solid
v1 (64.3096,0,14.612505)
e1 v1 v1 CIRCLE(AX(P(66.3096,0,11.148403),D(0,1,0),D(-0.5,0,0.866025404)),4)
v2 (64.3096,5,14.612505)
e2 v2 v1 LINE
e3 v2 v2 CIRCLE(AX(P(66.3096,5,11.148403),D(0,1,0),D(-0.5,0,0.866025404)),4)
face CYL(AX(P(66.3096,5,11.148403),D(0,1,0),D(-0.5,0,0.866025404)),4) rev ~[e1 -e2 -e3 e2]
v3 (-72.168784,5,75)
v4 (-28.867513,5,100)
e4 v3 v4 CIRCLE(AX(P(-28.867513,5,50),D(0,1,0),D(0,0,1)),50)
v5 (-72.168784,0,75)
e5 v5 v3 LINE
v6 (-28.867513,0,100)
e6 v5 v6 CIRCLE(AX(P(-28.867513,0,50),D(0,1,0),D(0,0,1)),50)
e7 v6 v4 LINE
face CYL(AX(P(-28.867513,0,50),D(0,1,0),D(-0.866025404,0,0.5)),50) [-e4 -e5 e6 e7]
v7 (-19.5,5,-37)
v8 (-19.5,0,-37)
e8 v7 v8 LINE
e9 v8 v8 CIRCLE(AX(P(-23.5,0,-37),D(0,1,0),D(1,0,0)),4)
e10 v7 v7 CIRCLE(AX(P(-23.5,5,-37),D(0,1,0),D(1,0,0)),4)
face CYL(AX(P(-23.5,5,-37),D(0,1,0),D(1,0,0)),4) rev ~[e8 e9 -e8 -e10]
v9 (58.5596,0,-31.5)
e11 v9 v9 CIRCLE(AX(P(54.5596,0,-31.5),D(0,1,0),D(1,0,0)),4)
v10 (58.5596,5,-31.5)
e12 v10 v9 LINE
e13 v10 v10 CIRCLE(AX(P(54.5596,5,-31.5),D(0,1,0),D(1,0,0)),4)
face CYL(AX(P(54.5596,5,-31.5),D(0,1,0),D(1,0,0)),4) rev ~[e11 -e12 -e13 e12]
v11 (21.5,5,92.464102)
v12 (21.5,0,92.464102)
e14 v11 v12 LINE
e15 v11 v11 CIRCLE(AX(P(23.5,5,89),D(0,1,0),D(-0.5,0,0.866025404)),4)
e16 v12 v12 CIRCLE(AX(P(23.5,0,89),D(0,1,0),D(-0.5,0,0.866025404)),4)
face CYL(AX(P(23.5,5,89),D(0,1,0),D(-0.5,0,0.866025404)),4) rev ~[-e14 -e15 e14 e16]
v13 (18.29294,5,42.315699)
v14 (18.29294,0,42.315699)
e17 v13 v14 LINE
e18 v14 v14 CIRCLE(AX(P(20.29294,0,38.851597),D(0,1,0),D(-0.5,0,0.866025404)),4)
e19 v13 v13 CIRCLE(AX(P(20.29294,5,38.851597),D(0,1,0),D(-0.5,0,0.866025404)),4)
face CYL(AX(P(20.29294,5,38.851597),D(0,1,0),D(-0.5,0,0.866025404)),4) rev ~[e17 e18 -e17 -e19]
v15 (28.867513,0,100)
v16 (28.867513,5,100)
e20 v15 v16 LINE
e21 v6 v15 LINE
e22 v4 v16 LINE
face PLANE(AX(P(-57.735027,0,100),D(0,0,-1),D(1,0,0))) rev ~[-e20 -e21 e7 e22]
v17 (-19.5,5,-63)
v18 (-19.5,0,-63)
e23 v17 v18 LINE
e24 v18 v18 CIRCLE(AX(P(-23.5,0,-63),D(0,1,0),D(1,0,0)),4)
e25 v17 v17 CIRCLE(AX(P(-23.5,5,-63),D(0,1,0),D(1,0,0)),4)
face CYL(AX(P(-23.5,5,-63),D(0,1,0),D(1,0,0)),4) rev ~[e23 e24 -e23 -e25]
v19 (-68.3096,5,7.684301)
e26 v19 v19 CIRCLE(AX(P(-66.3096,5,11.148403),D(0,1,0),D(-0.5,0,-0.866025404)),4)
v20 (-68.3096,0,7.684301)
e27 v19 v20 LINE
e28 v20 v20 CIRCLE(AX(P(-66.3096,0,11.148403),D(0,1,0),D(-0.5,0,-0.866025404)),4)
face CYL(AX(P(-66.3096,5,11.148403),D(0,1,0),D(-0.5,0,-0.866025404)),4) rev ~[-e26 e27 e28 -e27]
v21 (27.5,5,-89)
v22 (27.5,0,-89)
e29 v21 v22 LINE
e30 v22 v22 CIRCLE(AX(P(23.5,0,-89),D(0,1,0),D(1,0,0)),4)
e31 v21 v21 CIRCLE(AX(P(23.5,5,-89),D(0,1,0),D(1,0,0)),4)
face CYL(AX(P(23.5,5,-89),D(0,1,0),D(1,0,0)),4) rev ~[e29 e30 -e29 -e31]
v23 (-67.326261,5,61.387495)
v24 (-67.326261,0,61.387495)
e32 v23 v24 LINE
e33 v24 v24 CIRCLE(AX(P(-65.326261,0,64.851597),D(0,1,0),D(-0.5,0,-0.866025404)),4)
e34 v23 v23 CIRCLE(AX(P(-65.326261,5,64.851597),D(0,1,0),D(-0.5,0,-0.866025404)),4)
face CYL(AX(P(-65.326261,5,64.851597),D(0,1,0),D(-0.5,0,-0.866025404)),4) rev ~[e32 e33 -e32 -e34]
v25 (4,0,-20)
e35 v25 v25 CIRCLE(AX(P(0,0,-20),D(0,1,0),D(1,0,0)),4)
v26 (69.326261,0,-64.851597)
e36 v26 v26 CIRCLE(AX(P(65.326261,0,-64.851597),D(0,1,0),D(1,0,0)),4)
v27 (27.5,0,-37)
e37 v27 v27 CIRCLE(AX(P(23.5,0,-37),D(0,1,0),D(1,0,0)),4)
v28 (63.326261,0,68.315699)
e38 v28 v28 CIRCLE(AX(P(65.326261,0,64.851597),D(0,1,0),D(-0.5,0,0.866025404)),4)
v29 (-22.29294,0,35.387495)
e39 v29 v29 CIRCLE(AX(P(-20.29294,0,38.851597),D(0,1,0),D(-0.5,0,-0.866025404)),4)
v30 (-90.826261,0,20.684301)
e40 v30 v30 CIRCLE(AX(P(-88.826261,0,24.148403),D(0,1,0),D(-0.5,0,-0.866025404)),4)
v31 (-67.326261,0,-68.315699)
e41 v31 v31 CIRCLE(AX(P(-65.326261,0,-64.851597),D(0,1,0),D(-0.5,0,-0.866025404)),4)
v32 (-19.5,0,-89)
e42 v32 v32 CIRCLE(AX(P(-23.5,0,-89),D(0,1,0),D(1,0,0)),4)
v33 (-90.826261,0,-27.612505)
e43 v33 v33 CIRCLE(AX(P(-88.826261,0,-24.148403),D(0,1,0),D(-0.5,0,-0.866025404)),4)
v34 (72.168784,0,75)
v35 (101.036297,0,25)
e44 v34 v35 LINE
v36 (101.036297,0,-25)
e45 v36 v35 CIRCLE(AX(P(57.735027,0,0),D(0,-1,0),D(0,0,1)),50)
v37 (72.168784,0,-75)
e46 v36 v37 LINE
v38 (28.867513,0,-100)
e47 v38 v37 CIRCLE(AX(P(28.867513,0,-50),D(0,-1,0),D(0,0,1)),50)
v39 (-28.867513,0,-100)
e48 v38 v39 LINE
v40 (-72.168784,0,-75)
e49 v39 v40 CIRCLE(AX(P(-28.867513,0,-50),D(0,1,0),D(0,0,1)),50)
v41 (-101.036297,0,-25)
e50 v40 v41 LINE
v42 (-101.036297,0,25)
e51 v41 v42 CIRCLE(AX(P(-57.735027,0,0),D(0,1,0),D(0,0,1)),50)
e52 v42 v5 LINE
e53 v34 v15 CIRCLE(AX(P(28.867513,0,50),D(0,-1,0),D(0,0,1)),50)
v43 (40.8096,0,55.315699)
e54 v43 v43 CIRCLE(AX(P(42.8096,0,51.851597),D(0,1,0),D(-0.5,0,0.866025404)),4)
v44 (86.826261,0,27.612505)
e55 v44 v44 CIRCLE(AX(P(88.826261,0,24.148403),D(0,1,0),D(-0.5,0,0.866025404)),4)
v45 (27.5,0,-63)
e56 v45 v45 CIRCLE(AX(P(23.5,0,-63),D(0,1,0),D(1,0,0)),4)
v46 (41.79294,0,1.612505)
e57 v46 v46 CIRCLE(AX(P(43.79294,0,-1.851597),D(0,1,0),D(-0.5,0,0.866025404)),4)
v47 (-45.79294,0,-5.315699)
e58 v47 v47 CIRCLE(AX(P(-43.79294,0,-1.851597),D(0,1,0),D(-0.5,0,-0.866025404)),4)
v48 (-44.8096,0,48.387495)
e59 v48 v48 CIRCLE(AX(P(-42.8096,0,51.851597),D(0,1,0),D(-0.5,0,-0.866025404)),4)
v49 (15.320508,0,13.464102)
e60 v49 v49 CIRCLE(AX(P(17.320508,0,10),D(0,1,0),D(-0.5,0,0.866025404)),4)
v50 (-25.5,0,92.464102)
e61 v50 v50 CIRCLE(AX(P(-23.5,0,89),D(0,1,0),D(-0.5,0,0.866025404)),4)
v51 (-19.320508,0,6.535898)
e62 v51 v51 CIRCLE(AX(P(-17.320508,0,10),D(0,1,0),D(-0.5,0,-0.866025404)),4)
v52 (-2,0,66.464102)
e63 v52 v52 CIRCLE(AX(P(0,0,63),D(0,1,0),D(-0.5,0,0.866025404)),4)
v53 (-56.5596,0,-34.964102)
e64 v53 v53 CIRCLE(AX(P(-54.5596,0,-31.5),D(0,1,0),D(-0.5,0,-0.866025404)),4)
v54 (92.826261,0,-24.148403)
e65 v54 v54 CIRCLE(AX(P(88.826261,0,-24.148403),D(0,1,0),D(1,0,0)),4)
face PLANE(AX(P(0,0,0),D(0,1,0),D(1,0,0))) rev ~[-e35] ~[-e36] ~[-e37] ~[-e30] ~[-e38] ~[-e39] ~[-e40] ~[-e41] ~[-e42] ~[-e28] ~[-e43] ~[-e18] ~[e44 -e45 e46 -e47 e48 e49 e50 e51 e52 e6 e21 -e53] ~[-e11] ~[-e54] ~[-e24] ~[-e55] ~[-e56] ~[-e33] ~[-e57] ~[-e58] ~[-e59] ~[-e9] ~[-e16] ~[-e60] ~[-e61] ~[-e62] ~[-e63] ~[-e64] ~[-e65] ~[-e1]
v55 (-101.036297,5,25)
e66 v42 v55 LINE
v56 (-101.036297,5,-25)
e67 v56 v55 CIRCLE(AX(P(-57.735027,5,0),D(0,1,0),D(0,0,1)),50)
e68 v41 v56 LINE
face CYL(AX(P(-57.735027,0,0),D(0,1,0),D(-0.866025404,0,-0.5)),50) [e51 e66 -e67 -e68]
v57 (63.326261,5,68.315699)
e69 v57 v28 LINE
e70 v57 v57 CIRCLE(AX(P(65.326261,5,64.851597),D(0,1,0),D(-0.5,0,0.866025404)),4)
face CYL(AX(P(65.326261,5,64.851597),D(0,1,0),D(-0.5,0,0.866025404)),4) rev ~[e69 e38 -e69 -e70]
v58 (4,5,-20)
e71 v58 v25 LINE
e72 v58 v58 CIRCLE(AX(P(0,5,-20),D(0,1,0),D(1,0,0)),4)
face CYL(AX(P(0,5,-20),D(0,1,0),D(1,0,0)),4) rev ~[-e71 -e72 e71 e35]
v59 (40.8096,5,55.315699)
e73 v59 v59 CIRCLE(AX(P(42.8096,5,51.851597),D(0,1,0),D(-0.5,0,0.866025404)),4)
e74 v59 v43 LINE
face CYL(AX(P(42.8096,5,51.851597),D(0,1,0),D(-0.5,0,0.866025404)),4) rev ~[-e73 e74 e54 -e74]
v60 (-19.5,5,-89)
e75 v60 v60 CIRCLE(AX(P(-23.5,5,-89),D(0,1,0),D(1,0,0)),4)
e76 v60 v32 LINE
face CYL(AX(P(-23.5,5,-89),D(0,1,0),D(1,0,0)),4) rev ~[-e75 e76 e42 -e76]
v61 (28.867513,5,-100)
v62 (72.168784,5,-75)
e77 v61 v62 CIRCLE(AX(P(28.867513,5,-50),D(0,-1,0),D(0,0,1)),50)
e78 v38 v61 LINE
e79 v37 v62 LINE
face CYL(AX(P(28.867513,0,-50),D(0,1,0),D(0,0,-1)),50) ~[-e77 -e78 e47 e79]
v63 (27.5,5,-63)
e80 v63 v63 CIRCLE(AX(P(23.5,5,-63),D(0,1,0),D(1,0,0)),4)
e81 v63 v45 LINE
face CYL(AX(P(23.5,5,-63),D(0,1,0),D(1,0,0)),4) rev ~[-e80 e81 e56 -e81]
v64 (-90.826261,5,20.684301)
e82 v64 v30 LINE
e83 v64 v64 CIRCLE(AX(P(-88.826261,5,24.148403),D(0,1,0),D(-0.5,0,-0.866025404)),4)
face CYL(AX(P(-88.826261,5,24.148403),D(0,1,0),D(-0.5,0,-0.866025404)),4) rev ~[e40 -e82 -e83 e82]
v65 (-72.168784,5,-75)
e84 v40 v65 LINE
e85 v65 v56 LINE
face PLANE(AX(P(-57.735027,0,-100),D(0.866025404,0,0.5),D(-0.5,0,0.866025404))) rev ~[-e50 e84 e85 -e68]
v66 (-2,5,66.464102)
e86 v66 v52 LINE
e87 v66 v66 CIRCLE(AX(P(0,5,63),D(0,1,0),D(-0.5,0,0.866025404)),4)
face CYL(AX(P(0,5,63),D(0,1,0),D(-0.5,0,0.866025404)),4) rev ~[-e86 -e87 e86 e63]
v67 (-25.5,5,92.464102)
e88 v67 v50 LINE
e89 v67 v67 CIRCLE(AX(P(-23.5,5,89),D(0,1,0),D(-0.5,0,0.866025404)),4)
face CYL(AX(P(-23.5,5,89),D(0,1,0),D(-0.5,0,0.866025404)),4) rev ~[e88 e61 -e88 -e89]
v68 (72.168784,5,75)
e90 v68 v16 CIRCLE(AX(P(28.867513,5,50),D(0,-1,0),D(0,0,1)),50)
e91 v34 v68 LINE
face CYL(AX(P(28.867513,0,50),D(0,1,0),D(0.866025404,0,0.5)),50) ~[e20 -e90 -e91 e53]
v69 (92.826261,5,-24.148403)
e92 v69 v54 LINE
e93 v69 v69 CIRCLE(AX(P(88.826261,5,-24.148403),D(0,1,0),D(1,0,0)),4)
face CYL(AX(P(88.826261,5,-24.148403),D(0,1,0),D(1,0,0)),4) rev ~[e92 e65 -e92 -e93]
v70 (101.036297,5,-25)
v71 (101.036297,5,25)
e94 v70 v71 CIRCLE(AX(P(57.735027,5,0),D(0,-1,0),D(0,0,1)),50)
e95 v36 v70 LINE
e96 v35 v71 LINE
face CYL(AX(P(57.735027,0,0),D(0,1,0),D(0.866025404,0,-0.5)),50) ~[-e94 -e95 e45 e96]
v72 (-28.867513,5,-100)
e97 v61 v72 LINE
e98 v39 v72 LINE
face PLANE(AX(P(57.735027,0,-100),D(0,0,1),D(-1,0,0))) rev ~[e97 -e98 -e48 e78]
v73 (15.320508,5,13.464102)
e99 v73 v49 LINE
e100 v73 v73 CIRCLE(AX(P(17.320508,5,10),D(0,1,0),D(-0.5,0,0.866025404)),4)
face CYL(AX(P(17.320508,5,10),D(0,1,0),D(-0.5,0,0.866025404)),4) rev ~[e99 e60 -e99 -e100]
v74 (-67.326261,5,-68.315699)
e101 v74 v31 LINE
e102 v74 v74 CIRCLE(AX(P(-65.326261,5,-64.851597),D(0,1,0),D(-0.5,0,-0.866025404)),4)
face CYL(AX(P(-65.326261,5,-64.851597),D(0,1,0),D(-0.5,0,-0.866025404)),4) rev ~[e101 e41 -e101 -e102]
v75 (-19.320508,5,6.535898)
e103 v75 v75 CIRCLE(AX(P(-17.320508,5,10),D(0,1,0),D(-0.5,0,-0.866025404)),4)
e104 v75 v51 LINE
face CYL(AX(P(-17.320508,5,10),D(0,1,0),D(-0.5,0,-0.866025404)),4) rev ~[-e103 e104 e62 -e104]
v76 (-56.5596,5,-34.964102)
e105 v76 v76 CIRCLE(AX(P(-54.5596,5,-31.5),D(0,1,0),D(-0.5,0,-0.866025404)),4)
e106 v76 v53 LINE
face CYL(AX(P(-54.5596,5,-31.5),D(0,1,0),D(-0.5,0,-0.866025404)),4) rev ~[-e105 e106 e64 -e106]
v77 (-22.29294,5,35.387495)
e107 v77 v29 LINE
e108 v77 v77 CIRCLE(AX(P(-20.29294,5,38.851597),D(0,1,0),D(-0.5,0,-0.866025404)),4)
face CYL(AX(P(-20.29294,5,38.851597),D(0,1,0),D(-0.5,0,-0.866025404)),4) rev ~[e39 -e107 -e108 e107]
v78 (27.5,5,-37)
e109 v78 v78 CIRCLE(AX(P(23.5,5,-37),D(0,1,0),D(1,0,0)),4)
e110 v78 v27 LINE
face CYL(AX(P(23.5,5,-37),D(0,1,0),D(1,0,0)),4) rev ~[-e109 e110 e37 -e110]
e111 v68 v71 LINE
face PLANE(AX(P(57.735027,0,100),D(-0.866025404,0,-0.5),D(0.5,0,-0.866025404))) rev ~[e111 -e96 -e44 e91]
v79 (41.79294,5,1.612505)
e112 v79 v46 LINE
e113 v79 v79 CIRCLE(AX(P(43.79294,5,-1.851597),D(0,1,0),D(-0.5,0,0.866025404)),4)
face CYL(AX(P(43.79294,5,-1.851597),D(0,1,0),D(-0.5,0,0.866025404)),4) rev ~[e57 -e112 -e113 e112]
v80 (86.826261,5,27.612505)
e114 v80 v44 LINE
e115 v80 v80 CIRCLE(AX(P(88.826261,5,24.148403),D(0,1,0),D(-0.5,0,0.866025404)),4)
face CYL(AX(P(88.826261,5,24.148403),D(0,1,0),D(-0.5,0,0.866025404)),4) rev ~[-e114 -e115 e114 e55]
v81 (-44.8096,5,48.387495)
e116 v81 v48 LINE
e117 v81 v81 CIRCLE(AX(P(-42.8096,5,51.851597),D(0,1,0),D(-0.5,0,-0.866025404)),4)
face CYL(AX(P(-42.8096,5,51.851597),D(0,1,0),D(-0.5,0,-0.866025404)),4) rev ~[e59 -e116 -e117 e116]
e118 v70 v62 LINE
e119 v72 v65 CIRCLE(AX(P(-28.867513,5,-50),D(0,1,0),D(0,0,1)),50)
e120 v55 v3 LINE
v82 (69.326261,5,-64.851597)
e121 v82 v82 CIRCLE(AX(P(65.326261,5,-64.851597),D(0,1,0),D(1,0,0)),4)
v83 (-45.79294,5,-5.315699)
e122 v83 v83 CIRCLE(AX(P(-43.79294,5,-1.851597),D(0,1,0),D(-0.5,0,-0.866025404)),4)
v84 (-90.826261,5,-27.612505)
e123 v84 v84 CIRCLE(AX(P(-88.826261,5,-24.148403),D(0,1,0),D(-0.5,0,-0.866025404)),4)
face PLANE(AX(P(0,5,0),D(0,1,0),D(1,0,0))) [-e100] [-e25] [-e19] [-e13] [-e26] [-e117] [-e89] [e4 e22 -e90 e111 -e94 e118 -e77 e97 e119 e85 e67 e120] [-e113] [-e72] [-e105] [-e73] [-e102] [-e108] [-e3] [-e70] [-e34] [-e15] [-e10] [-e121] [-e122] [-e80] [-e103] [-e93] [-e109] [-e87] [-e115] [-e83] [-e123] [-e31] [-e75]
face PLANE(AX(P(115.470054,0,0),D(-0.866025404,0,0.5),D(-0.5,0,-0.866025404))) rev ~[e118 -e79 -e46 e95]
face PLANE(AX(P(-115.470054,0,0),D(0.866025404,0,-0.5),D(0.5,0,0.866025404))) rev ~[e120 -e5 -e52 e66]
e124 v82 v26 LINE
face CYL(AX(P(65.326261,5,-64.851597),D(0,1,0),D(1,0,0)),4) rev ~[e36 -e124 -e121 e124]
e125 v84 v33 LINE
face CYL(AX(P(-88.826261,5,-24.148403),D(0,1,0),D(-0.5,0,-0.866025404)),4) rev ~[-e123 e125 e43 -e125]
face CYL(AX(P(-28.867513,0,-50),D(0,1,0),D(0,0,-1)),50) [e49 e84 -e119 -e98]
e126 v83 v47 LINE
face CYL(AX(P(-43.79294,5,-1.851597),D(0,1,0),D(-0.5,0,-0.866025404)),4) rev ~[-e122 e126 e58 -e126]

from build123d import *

# Parameters (mm, degrees)
EXTRUDE_1_DEPTH          = 5
SKETCH_2_R               = 4
CUT_EXTRUDE_1_DEPTH      = 153.834332967
PATTERN_CIRCULAR_1_COUNT = 3
SKETCH_3_R               = 4
CUT_EXTRUDE_2_DEPTH      = 153.834332967
PATTERN_CIRCULAR_2_COUNT = 3
SKETCH_4_R               = 4
CUT_EXTRUDE_3_DEPTH      = 153.834332967
PATTERN_CIRCULAR_3_COUNT = 3
FILLET_1_R               = 50


with BuildPart() as part:
    # 草图1 → 凸台-拉伸1 (new body)
    with BuildSketch(Plane(origin=(0, 0, 0), x_dir=(1, 0, 0), z_dir=(0, 1, 0))):
        Polygon((57.735026919, 100), (-57.735026919, 100), (-115.470053838, 0), (-57.735026919, -100), (57.735026919, -100), (115.470053838, 0), align=None)
    extrude(amount=EXTRUDE_1_DEPTH)

    # 草图2 → 切除-拉伸1 (cut, through all)
    with BuildSketch(Plane(origin=(0, 5, 0), x_dir=(1, 0, 0), z_dir=(0, 1, 0))):
        with Locations((-23.5, 37)):
            Circle(SKETCH_2_R)
        with Locations((23.5, 37)):
            Circle(SKETCH_2_R)
        with Locations((-23.5, 63)):
            Circle(SKETCH_2_R)
        with Locations((23.5, 63)):
            Circle(SKETCH_2_R)
        with Locations((-23.5, 89)):
            Circle(SKETCH_2_R)
        with Locations((23.5, 89)):
            Circle(SKETCH_2_R)
    cut_extrude_1 = extrude(amount=-CUT_EXTRUDE_1_DEPTH, mode=Mode.SUBTRACT)

    # 阵列(圆周)1: 切除-拉伸1 ×3 about axis
    pattern_circular_1_axis = Axis((0, -75.806700776, 0), (0, 1, 0))
    for i in range(1, PATTERN_CIRCULAR_1_COUNT):
        add(cut_extrude_1.rotate(pattern_circular_1_axis, i * 360 / PATTERN_CIRCULAR_1_COUNT), mode=Mode.SUBTRACT)

    # 草图3 → 切除-拉伸2 (cut, through all)
    with BuildSketch(Plane(origin=(0, 5, 0), x_dir=(1, 0, 0), z_dir=(0, 1, 0))):
        with Locations((65.326260937, 64.851596989)):
            Circle(SKETCH_3_R)
        with Locations((88.826260937, 24.148403011)):
            Circle(SKETCH_3_R)
        with Locations((54.559600438, 31.5)):
            Circle(SKETCH_3_R)
    cut_extrude_2 = extrude(amount=-CUT_EXTRUDE_2_DEPTH, mode=Mode.SUBTRACT)

    # 阵列(圆周)2: 切除-拉伸2 ×3 about axis
    pattern_circular_2_axis = Axis((0, -75.806700776, 0), (0, 1, 0))
    for i in range(1, PATTERN_CIRCULAR_2_COUNT):
        add(cut_extrude_2.rotate(pattern_circular_2_axis, i * 360 / PATTERN_CIRCULAR_2_COUNT), mode=Mode.SUBTRACT)

    # 草图4 → 切除-拉伸3 (cut, through all)
    with BuildSketch(Plane(origin=(0, 5, 0), x_dir=(1, 0, 0), z_dir=(0, 1, 0))):
        with Locations((0, 20)):
            Circle(SKETCH_4_R)
    cut_extrude_3 = extrude(amount=-CUT_EXTRUDE_3_DEPTH, mode=Mode.SUBTRACT)

    # 阵列(圆周)3: 切除-拉伸3 ×3 about axis
    pattern_circular_3_axis = Axis((0, -75.806700776, 0), (0, 1, 0))
    for i in range(1, PATTERN_CIRCULAR_3_COUNT):
        add(cut_extrude_3.rotate(pattern_circular_3_axis, i * 360 / PATTERN_CIRCULAR_3_COUNT), mode=Mode.SUBTRACT)

    # 圆角1
    fillet_1_edges = [part.edges().sort_by_distance(p)[0] for p in [
        (57.735026919, 2.5, -100),
        (-57.735026919, 2.5, -100),
        (-115.470053838, 2.5, 0),
        (-57.735026919, 2.5, 100),
        (57.735026919, 2.5, 100),
        (115.470053838, 2.5, 0),
    ]]
    fillet(fillet_1_edges, radius=FILLET_1_R)


solid = part.part
